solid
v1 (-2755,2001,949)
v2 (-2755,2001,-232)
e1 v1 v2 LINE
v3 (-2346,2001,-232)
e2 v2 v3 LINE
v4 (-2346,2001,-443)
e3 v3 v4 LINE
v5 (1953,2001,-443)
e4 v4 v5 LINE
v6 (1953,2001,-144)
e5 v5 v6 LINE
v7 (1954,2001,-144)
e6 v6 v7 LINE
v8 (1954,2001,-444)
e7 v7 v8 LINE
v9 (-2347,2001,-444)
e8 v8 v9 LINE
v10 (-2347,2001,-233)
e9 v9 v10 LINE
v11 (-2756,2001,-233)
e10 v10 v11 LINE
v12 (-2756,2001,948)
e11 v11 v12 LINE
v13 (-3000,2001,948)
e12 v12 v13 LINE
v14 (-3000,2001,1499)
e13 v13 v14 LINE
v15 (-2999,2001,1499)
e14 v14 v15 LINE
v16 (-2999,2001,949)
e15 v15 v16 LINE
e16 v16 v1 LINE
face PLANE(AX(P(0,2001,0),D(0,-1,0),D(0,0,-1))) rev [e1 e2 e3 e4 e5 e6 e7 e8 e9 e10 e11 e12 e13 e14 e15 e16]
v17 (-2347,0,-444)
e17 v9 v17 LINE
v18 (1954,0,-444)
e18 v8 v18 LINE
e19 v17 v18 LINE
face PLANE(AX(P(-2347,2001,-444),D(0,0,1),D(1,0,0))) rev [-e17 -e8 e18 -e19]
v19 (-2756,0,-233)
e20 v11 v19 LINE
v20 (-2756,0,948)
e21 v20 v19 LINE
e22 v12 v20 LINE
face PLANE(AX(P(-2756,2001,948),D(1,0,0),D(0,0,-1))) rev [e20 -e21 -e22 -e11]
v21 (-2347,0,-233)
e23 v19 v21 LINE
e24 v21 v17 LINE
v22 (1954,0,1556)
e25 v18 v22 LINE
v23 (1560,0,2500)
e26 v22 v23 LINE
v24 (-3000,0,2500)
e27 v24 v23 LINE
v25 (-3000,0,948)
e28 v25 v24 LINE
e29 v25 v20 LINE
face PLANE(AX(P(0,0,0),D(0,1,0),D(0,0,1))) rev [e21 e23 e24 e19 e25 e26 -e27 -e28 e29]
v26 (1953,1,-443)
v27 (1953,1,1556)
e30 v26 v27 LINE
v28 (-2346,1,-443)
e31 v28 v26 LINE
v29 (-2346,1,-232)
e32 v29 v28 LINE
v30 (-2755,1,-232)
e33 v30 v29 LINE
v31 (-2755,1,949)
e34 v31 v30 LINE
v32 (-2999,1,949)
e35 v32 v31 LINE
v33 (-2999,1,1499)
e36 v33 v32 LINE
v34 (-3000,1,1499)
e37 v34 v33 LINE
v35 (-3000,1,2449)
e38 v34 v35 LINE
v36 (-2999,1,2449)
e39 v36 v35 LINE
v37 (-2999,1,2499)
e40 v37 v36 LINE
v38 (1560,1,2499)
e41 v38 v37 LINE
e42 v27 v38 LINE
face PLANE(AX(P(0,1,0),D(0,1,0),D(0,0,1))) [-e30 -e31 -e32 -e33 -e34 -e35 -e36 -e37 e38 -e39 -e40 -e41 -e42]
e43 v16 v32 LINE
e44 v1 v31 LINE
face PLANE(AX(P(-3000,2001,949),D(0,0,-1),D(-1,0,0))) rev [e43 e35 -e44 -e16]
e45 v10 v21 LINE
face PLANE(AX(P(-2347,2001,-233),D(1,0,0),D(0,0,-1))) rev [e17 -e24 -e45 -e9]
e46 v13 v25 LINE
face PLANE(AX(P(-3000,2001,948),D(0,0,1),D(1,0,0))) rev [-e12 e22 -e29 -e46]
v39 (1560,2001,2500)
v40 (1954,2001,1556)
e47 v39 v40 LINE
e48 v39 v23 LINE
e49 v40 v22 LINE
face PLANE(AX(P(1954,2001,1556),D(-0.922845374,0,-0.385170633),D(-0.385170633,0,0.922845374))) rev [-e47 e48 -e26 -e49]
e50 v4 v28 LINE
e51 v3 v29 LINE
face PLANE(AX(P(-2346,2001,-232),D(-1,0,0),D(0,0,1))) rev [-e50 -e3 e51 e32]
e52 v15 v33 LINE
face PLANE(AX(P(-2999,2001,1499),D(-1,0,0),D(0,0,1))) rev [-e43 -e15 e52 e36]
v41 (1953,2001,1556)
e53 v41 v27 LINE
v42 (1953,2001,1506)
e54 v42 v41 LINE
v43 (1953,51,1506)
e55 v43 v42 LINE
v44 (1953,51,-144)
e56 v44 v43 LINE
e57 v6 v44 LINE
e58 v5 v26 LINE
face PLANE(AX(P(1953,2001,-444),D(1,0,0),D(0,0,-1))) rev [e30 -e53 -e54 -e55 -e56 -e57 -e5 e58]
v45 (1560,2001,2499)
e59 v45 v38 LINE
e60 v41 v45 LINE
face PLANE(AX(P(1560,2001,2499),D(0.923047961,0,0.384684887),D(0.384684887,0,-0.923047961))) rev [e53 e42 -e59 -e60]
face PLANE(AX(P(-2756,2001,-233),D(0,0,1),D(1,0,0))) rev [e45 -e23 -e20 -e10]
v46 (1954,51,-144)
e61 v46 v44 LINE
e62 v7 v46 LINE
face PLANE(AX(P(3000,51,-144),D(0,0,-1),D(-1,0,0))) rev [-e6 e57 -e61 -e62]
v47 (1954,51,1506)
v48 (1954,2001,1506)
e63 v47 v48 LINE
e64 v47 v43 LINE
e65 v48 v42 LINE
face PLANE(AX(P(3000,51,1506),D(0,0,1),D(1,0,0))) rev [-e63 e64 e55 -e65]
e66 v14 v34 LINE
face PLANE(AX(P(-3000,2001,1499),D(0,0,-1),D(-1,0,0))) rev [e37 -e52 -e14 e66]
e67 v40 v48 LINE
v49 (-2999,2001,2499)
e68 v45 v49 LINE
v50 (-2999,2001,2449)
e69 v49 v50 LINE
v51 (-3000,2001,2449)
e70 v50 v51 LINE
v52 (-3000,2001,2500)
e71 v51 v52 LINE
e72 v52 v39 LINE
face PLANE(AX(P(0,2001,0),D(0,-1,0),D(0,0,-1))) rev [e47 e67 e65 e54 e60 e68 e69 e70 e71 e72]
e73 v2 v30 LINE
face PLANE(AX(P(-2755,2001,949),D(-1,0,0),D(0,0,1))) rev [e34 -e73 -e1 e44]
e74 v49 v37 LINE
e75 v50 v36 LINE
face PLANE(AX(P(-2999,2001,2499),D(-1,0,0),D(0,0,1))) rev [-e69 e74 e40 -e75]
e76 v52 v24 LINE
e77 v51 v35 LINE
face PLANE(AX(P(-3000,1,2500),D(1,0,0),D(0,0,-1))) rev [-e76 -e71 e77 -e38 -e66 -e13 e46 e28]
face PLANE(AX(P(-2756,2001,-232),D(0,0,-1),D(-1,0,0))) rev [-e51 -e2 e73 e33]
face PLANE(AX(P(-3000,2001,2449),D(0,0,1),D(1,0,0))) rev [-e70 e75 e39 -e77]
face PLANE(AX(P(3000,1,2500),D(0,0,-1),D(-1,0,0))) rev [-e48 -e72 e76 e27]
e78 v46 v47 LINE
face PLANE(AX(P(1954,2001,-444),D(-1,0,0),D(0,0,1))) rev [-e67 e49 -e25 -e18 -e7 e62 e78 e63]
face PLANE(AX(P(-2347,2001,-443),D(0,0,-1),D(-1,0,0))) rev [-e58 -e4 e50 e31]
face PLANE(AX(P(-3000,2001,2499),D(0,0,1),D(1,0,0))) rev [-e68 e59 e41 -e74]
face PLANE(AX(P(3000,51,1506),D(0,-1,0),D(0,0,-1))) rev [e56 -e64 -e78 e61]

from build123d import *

# Parameters (mm, degrees)
SKETCH1_W            = 6000
SKETCH1_H            = 5000
BOSS_EXTRUDE1_DEPTH  = 1
SKETCH2_W            = 4560
SKETCH2_H            = 1
BOSS_EXTRUDE2_DEPTH  = 2000
SKETCH5_W            = 1
SKETCH5_H            = 50
BOSS_EXTRUDE5_DEPTH  = 2000
SKETCH6_W            = 1
SKETCH6_H            = 550
BOSS_EXTRUDE6_DEPTH  = 2000
SKETCH7_W            = 245
SKETCH7_H            = 1
BOSS_EXTRUDE9_DEPTH  = 2000
SKETCH8_W            = 1
SKETCH8_H            = 1180
BOSS_EXTRUDE10_DEPTH = 2000
SKETCH9_W            = 410
SKETCH9_H            = 1
BOSS_EXTRUDE11_DEPTH = 2000
SKETCH10_W           = 1
SKETCH10_H           = 210
BOSS_EXTRUDE12_DEPTH = 2000
SKETCH11_W           = 4300
SKETCH11_H           = 1
BOSS_EXTRUDE13_DEPTH = 2000
SKETCH12_W           = 1
SKETCH12_H           = 2000
BOSS_EXTRUDE14_DEPTH = 2000
BOSS_EXTRUDE16_DEPTH = 2000
SKETCH14_W           = 1650
SKETCH14_H           = 2000
CUT_EXTRUDE1_DEPTH   = 5898.983553724
CUT_EXTRUDE2_DEPTH   = 2000


with BuildPart() as part:
    # Sketch1 → Boss-Extrude1 (new body)
    with BuildSketch(Plane(origin=(0, 0, 0), x_dir=(1, 0, 0), z_dir=(0, 1, 0))):
        Rectangle(SKETCH1_W, SKETCH1_H)
    extrude(amount=BOSS_EXTRUDE1_DEPTH)

    # Sketch2 → Boss-Extrude2 (add)
    with BuildSketch(Plane(origin=(0, 1, 0), x_dir=(1, 0, 0), z_dir=(0, 1, 0))):
        with Locations((-720, -2499.5)):
            Rectangle(SKETCH2_W, SKETCH2_H)
    extrude(amount=BOSS_EXTRUDE2_DEPTH)

    # Sketch5 → Boss-Extrude5 (add)
    with BuildSketch(Plane(origin=(0, 1, 0), x_dir=(1, 0, 0), z_dir=(0, 1, 0))):
        with Locations((-2999.5, -2474)):
            Rectangle(SKETCH5_W, SKETCH5_H)
    extrude(amount=BOSS_EXTRUDE5_DEPTH)

    # Sketch6 → Boss-Extrude6 (add)
    with BuildSketch(Plane(origin=(0, 1, 0), x_dir=(1, 0, 0), z_dir=(0, 1, 0))):
        with Locations((-2999.5, -1224)):
            Rectangle(SKETCH6_W, SKETCH6_H)
    extrude(amount=BOSS_EXTRUDE6_DEPTH)

    # Sketch7 → Boss-Extrude9 (add)
    with BuildSketch(Plane(origin=(0, 1, 0), x_dir=(1, 0, 0), z_dir=(0, 1, 0))):
        with Locations((-2877.5, -948.5)):
            Rectangle(SKETCH7_W, SKETCH7_H)
    extrude(amount=BOSS_EXTRUDE9_DEPTH)

    # Sketch8 → Boss-Extrude10 (add)
    with BuildSketch(Plane(origin=(0, 1, 0), x_dir=(1, 0, 0), z_dir=(0, 1, 0))):
        with Locations((-2755.5, -358)):
            Rectangle(SKETCH8_W, SKETCH8_H)
    extrude(amount=BOSS_EXTRUDE10_DEPTH)

    # Sketch9 → Boss-Extrude11 (add)
    with BuildSketch(Plane(origin=(0, 1, 0), x_dir=(1, 0, 0), z_dir=(0, 1, 0))):
        with Locations((-2551, 232.5)):
            Rectangle(SKETCH9_W, SKETCH9_H)
    extrude(amount=BOSS_EXTRUDE11_DEPTH)

    # Sketch10 → Boss-Extrude12 (add)
    with BuildSketch(Plane(origin=(0, 1, 0), x_dir=(1, 0, 0), z_dir=(0, 1, 0))):
        with Locations((-2346.5, 338)):
            Rectangle(SKETCH10_W, SKETCH10_H)
    extrude(amount=BOSS_EXTRUDE12_DEPTH)

    # Sketch11 → Boss-Extrude13 (add)
    with BuildSketch(Plane(origin=(0, 1, 0), x_dir=(1, 0, 0), z_dir=(0, 1, 0))):
        with Locations((-197, 443.5)):
            Rectangle(SKETCH11_W, SKETCH11_H)
    extrude(amount=BOSS_EXTRUDE13_DEPTH)

    # Sketch12 → Boss-Extrude14 (add)
    with BuildSketch(Plane(origin=(0, 1, 0), x_dir=(1, 0, 0), z_dir=(0, 1, 0))):
        with Locations((1953.5, -556)):
            Rectangle(SKETCH12_W, SKETCH12_H)
    extrude(amount=BOSS_EXTRUDE14_DEPTH)

    # Sketch13 → Boss-Extrude16 (add)
    with BuildSketch(Plane(origin=(0, 1, 0), x_dir=(1, 0, 0), z_dir=(0, 1, 0))):
        Polygon((1954, -1556), (1560, -2500), (1560, -2499), (1953, -1556), align=None)
    extrude(amount=BOSS_EXTRUDE16_DEPTH)

    # Sketch14 → Cut-Extrude1 (cut, through all)
    with BuildSketch(Plane.ZY.offset(-1953)):
        with Locations((681, 1051)):
            Rectangle(SKETCH14_W, SKETCH14_H)
    extrude(amount=-CUT_EXTRUDE1_DEPTH, mode=Mode.SUBTRACT)

    # Sketch15 → Cut-Extrude2 (cut)
    with BuildSketch(Plane(origin=(0, 1, 0), x_dir=(1, 0, 0), z_dir=(0, 1, 0))):
        Polygon((1560, -2500), (1954, -1556), (1954, 444), (-2347, 444), (-2347, 233), (-2756, 233), (-2756, -948), (-3000, -948), (-3000, 2500), (3000, 2500), (3000, -2500), align=None)
    extrude(amount=-CUT_EXTRUDE2_DEPTH, mode=Mode.SUBTRACT)


solid = part.part
